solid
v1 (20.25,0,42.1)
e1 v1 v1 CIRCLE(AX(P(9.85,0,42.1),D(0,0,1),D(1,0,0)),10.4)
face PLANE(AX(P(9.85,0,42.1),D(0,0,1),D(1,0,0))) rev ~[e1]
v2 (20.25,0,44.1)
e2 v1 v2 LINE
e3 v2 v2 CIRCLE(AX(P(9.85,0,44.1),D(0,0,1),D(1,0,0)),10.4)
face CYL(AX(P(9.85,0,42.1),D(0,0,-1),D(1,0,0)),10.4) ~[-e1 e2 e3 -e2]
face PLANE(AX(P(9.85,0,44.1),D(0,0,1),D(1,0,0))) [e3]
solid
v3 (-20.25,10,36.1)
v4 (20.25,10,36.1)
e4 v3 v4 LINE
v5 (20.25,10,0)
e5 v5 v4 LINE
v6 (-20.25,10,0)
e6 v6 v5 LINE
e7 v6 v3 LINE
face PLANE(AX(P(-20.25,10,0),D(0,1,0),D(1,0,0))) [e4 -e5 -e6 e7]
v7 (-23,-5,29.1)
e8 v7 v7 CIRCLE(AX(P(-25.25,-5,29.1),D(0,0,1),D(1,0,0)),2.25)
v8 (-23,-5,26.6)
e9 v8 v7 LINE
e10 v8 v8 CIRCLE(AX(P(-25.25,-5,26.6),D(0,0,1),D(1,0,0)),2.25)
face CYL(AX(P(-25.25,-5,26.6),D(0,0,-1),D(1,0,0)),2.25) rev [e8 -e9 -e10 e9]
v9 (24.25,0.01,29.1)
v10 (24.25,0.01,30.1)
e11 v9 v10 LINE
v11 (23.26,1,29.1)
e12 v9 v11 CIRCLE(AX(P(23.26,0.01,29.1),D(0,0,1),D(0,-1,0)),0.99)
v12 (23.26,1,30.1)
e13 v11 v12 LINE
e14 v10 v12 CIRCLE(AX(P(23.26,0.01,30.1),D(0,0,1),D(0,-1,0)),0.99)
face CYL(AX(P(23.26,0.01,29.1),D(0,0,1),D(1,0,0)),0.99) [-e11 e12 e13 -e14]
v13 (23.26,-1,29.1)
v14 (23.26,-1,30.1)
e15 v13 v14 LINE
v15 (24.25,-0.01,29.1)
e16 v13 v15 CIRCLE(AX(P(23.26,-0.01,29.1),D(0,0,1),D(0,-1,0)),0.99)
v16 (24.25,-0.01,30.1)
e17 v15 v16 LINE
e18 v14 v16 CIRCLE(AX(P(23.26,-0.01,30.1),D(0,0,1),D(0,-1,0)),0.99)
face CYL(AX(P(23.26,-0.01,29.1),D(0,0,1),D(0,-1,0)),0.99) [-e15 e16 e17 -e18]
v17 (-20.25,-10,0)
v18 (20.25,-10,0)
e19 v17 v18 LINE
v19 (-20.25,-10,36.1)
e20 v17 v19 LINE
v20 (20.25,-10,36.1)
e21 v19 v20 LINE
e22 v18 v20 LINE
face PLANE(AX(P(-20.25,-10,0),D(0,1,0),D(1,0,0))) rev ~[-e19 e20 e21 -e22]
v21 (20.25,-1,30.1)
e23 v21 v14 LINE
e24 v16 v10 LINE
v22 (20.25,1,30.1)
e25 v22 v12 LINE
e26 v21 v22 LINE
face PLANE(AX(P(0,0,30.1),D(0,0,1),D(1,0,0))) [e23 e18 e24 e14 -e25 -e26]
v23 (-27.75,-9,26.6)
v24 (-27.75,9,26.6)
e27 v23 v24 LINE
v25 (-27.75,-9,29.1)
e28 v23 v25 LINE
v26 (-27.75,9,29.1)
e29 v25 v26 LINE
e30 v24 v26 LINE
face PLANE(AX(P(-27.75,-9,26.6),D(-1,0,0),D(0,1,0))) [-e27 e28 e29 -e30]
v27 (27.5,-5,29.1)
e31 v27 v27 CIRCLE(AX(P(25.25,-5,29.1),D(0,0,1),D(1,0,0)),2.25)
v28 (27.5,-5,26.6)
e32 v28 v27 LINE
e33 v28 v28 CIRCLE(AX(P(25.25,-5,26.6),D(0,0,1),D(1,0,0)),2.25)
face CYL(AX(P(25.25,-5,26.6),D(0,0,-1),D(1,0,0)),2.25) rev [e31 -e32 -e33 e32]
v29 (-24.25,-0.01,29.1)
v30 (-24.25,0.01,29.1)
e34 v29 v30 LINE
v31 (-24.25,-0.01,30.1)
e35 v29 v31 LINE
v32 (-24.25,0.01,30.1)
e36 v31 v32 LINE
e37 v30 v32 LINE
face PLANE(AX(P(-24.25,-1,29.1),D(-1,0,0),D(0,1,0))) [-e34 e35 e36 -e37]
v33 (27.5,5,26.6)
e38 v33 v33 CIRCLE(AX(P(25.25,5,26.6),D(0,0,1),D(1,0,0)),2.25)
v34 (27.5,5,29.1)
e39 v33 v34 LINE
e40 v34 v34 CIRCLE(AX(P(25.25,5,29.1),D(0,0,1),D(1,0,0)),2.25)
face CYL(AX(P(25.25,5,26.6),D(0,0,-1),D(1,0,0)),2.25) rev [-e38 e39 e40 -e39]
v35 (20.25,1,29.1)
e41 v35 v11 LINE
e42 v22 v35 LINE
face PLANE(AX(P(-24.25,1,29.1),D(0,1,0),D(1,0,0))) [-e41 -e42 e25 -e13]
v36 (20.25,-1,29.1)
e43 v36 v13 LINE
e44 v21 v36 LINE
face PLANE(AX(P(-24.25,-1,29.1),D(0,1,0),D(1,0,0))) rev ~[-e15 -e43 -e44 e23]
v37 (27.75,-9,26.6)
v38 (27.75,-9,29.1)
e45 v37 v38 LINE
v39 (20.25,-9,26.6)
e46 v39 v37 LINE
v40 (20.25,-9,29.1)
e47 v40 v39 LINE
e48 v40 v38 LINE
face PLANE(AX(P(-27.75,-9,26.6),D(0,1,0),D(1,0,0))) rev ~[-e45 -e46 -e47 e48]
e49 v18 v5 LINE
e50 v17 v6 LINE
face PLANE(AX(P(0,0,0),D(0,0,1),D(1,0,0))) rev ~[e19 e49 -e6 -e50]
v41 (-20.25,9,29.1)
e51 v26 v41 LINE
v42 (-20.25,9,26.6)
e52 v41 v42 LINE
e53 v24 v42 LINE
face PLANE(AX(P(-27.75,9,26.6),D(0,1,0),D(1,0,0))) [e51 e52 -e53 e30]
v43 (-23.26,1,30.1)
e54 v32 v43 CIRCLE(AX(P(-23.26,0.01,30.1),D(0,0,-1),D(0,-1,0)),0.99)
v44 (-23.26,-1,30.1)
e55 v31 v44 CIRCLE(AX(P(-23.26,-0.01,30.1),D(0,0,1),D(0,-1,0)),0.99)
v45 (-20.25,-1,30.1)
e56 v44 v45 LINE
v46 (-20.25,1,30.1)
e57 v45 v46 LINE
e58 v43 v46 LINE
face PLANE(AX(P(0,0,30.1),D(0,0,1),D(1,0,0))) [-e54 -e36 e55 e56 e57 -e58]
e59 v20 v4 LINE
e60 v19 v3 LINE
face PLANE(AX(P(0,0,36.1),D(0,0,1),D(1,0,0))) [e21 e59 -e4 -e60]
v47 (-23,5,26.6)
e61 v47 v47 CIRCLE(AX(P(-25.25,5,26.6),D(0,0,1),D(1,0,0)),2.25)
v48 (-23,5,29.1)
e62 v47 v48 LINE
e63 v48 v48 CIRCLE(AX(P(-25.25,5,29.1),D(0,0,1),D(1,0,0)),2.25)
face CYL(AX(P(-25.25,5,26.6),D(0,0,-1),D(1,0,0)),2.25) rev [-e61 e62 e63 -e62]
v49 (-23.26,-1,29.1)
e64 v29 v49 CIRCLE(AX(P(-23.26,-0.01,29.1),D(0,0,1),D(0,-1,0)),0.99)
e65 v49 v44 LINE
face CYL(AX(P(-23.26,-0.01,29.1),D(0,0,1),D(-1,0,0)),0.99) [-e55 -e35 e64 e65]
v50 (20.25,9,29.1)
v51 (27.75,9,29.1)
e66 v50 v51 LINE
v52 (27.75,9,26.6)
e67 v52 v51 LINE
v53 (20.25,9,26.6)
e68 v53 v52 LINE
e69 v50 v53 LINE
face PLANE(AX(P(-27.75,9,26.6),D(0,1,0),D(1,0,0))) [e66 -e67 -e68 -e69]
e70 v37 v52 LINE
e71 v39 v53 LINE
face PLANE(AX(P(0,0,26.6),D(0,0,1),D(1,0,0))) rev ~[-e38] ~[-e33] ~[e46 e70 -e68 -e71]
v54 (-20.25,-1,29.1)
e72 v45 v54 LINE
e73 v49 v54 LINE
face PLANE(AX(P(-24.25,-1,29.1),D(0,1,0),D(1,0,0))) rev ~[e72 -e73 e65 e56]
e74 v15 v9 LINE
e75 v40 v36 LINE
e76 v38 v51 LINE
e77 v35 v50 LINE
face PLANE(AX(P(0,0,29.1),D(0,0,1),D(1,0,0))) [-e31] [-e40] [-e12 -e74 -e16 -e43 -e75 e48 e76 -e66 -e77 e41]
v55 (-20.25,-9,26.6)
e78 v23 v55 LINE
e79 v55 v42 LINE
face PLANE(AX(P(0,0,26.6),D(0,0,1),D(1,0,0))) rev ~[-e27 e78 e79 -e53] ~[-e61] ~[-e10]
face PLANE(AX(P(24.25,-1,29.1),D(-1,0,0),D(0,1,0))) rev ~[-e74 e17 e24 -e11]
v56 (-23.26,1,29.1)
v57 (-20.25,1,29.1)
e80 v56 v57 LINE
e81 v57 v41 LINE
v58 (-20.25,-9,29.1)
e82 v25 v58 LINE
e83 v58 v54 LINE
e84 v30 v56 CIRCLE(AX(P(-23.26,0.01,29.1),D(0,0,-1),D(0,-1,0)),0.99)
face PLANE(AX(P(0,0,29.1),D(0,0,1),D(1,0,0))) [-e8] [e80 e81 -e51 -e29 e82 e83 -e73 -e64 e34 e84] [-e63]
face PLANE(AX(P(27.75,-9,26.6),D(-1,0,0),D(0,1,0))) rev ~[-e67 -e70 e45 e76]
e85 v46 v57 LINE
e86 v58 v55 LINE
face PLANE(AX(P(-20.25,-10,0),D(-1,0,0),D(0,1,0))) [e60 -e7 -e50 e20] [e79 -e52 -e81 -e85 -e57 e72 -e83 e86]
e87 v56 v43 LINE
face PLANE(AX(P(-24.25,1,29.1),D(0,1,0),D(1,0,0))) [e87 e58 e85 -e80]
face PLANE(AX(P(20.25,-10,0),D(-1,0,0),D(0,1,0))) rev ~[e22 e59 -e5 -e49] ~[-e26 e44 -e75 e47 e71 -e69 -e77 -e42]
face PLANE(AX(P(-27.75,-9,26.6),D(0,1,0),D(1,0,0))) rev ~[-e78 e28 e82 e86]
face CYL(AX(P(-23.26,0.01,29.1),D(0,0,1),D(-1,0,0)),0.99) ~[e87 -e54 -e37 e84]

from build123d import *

# Parameters (mm, degrees)
SKETCH001_W  = 55.5
SKETCH001_H  = 18
SKETCH001_R  = 2.25
PAD001_DEPTH = 2.5
SKETCH002_W  = 48.5
SKETCH002_H  = 2
PAD002_DEPTH = 1
FILLET_R     = 0.99
SKETCH003_R  = 10.4
PAD003_DEPTH = 2
SKETCH_W     = 40.5
SKETCH_H     = 20
PAD_DEPTH    = 36.1


with BuildPart() as pad001:
    # Sketch001 → Pad001 (new body)
    with BuildSketch(Plane.XY.offset(26.6)):
        Rectangle(SKETCH001_W, SKETCH001_H)
        with Locations((-25.25, 5)):
            Circle(SKETCH001_R, mode=Mode.SUBTRACT)
        with Locations((-25.25, -5)):
            Circle(SKETCH001_R, mode=Mode.SUBTRACT)
        with Locations((25.25, 5)):
            Circle(SKETCH001_R, mode=Mode.SUBTRACT)
        with Locations((25.25, -5)):
            Circle(SKETCH001_R, mode=Mode.SUBTRACT)
    extrude(amount=PAD001_DEPTH)


with BuildPart() as fillet_body:
    # Sketch002 → Pad002 (new body)
    with BuildSketch(Plane.XY.offset(29.1)):
        Rectangle(SKETCH002_W, SKETCH002_H)
    extrude(amount=PAD002_DEPTH)

    # Fillet
    fillet_edges = [fillet_body.edges().sort_by_distance(p)[0] for p in [
        (-24.25, -1, 29.6),
        (-24.25, 1, 29.6),
        (24.25, -1, 29.6),
        (24.25, 1, 29.6),
    ]]
    fillet(fillet_edges, radius=FILLET_R)


with BuildPart() as pad003:
    # Sketch003 → Pad003 (new body)
    with BuildSketch(Plane.XY.offset(42.1)):
        with Locations((9.85, 0)):
            Circle(SKETCH003_R)
    extrude(amount=PAD003_DEPTH)


with BuildPart() as fusion:
    # Sketch → Pad (new body)
    with BuildSketch(Plane.XY):
        Rectangle(SKETCH_W, SKETCH_H)
    extrude(amount=PAD_DEPTH)

    # Fusion: union Pad001, Fillet body, Pad003
    add(pad001.part)
    add(fillet_body.part)
    add(pad003.part)


solid = fusion.part
